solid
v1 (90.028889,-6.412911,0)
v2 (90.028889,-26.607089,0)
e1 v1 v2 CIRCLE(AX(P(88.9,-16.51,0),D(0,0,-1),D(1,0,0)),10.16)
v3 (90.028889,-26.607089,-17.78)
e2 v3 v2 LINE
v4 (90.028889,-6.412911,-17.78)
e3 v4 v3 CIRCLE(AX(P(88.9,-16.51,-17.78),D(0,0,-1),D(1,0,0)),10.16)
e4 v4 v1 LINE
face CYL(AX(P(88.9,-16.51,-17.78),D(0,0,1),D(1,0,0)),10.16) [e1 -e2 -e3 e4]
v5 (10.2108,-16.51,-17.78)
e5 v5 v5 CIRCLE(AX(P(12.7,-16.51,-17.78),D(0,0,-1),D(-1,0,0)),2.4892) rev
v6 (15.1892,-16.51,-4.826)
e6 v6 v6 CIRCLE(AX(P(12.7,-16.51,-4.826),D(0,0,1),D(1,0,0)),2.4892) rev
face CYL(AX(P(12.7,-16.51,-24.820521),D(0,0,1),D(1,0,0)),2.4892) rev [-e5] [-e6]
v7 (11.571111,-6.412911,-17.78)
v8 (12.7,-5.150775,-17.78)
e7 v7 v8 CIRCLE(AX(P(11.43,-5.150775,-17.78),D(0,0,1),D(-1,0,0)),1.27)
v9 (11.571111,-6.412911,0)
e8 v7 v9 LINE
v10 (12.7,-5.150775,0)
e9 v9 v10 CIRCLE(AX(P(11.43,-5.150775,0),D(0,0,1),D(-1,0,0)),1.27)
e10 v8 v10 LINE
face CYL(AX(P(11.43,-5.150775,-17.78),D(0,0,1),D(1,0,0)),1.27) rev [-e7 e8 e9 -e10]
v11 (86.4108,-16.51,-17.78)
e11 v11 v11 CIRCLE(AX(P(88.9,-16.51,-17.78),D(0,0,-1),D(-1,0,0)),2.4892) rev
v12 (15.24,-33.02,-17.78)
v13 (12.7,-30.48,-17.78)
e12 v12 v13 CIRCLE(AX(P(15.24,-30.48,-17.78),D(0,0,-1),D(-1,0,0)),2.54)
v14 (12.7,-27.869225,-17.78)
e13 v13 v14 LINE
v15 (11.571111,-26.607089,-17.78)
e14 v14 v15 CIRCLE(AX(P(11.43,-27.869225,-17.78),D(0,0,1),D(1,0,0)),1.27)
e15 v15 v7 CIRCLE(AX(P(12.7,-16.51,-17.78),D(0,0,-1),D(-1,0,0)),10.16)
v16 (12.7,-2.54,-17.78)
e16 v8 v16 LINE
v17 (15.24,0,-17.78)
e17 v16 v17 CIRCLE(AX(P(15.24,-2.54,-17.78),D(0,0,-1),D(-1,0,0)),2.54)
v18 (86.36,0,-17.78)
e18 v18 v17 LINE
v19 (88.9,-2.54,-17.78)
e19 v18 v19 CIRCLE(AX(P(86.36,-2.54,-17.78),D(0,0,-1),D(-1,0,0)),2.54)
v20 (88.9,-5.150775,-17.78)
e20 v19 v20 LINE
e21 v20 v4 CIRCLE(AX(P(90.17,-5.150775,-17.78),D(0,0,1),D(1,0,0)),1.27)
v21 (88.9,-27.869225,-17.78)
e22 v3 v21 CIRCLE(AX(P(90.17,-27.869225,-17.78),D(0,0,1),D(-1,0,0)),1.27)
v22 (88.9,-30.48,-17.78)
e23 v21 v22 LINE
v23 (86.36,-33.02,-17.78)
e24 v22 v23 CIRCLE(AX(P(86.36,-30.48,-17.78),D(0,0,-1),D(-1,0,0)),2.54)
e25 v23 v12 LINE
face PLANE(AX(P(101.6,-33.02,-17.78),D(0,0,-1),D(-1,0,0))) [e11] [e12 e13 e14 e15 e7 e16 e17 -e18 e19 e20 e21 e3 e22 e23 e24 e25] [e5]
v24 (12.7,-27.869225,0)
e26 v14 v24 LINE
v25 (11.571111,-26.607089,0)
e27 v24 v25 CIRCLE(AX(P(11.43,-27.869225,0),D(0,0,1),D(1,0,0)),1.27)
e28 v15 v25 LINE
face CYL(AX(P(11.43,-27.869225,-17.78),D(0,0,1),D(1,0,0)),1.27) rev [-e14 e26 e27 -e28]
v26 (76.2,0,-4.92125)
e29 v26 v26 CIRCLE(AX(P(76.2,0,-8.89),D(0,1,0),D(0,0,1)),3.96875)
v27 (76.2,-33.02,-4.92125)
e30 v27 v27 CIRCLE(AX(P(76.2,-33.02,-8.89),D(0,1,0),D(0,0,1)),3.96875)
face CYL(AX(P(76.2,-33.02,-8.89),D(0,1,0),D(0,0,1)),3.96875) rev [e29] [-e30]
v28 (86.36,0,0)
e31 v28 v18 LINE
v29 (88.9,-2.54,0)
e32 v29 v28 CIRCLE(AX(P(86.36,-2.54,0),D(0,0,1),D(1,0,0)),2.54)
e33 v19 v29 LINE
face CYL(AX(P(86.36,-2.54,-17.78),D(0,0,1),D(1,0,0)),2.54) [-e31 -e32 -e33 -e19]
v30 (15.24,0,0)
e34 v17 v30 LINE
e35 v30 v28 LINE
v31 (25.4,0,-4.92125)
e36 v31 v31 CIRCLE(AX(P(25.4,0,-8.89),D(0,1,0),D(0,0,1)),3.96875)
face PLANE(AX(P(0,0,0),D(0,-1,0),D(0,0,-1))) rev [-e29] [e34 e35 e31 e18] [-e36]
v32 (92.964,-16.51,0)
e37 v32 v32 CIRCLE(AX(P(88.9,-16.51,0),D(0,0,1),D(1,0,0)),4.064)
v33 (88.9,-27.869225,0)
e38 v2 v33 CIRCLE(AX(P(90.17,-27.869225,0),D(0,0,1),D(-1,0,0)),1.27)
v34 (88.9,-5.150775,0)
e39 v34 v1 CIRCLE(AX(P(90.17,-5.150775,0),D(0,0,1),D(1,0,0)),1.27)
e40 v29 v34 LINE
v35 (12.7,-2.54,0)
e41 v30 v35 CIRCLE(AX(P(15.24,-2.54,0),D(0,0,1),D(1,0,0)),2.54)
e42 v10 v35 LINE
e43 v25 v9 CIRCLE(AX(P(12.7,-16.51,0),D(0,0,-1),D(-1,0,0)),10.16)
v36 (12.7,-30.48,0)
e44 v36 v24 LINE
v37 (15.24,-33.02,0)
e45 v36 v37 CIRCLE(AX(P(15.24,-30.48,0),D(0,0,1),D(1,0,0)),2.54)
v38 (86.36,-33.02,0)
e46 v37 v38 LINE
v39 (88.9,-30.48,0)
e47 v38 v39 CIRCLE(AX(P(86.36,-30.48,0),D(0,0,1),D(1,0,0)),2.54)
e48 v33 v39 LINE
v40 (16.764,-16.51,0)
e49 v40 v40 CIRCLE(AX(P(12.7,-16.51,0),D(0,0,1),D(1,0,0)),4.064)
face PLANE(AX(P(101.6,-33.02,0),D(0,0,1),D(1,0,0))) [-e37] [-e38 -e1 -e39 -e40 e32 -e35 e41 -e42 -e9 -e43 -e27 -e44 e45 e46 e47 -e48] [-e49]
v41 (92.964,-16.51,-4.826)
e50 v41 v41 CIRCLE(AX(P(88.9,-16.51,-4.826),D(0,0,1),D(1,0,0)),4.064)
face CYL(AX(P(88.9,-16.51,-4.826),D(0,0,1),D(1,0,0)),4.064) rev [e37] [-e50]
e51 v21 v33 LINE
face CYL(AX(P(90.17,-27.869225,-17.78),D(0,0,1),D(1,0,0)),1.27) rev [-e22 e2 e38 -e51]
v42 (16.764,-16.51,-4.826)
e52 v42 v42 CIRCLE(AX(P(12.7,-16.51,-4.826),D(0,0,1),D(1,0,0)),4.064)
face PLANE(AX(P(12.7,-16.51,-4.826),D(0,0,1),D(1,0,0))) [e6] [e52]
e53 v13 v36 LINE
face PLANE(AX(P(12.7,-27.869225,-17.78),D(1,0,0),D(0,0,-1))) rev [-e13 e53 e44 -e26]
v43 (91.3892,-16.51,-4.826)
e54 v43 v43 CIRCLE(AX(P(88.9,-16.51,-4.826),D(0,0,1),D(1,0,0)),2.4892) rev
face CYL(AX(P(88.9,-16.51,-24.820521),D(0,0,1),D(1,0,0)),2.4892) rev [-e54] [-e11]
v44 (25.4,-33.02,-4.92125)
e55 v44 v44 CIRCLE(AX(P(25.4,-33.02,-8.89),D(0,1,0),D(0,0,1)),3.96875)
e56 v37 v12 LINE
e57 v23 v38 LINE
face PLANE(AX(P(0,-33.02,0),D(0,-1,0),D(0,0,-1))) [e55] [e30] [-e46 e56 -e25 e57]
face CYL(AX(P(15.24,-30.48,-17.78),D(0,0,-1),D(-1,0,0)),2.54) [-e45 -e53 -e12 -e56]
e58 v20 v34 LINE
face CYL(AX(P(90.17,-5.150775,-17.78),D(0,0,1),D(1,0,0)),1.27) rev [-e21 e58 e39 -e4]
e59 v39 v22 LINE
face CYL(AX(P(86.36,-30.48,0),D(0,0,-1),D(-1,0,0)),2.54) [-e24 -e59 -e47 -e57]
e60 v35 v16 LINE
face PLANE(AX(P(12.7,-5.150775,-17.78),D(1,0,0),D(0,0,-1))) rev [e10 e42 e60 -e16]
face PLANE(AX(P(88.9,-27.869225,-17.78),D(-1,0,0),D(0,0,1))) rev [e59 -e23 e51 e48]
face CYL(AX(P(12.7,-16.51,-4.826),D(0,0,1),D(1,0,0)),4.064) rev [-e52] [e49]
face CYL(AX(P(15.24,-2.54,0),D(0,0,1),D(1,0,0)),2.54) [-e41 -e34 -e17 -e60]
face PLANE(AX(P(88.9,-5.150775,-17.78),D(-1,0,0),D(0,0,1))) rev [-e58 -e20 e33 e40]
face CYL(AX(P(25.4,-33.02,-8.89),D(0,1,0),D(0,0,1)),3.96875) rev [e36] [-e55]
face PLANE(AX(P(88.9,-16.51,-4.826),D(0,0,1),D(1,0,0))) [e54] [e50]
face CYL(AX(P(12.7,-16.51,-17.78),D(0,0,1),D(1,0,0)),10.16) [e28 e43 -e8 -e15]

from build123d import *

# Parameters (mm, degrees)
SKETCH1_W           = 101.6
SKETCH1_H           = 17.78
SKETCH1_R           = 3.96875
BOSS_EXTRUDE1_DEPTH = 33.02
SKETCH2_R           = 2.4892
CUT_EXTRUDE1_DEPTH  = 17.78
SKETCH3_R           = 4.064
CUT_EXTRUDE2_DEPTH  = 4.826
CUT_EXTRUDE3_DEPTH  = 109.300548475
FILLET1_R           = 2.54


with BuildPart() as part:
    # Sketch1 → Boss-Extrude1 (new body)
    with BuildSketch(Plane(origin=(0, 0, 0), x_dir=(1, 0, 0), z_dir=(0, 1, 0))):
        with Locations((50.8, 8.89)):
            Rectangle(SKETCH1_W, SKETCH1_H)
        with Locations(Location((76.2, 8.89, 0), (0, 0, 270))):
            Circle(SKETCH1_R, mode=Mode.SUBTRACT)
        with Locations(Location((25.4, 8.89, 0), (0, 0, 270))):
            Circle(SKETCH1_R, mode=Mode.SUBTRACT)
    extrude(amount=-BOSS_EXTRUDE1_DEPTH)

    # Sketch2 → Cut-Extrude1 (cut)
    with BuildSketch(Plane.XY):
        with Locations((88.9, -16.51)):
            Circle(SKETCH2_R)
        with Locations((12.7, -16.51)):
            Circle(SKETCH2_R)
    extrude(amount=-CUT_EXTRUDE1_DEPTH, mode=Mode.SUBTRACT)

    # Sketch3 → Cut-Extrude2 (cut)
    with BuildSketch(Plane.XY):
        with Locations((88.9, -16.51)):
            Circle(SKETCH3_R)
        with Locations((12.7, -16.51)):
            Circle(SKETCH3_R)
    extrude(amount=-CUT_EXTRUDE2_DEPTH, mode=Mode.SUBTRACT)

    # Sketch5 → Cut-Extrude3 (cut, through all)
    with BuildSketch(Plane.XY):
        with BuildLine():
            Line((12.7, -5.150774674), (12.7, 0))
            Line((12.7, 0), (0, 0))
            Line((0, 0), (0, -33.02))
            Line((0, -33.02), (12.7, -33.02))
            Line((12.7, -33.02), (12.7, -27.869225326))
            ThreePointArc((12.7, -27.869225326), (12.37660211, -27.022558659), (11.571111111, -26.607089178))
            ThreePointArc((11.571111111, -26.607089178), (2.54, -16.51), (11.571111111, -6.412910822))
            ThreePointArc((11.571111111, -6.412910822), (12.37660211, -5.997441341), (12.7, -5.150774674))
        make_face()
        with BuildLine():
            Line((88.9, -5.150774674), (88.9, 0))
            Line((88.9, 0), (101.6, 0))
            Line((101.6, 0), (101.6, -33.02))
            Line((101.6, -33.02), (88.9, -33.02))
            Line((88.9, -33.02), (88.9, -27.869225326))
            ThreePointArc((88.9, -27.869225326), (89.22339789, -27.022558659), (90.028888889, -26.607089178))
            ThreePointArc((90.028888889, -26.607089178), (99.06, -16.51), (90.028888889, -6.412910822))
            ThreePointArc((90.028888889, -6.412910822), (89.22339789, -5.997441341), (88.9, -5.150774674))
        make_face()
    extrude(amount=-CUT_EXTRUDE3_DEPTH, mode=Mode.SUBTRACT)

    # Fillet1
    fillet1_edges = [part.edges().sort_by_distance(p)[0] for p in [
        (12.7, -33.02, -8.89),
        (12.7, 0, -8.89),
        (88.9, 0, -8.89),
        (88.9, -33.02, -8.89),
    ]]
    fillet(fillet1_edges, radius=FILLET1_R)


solid = part.part
